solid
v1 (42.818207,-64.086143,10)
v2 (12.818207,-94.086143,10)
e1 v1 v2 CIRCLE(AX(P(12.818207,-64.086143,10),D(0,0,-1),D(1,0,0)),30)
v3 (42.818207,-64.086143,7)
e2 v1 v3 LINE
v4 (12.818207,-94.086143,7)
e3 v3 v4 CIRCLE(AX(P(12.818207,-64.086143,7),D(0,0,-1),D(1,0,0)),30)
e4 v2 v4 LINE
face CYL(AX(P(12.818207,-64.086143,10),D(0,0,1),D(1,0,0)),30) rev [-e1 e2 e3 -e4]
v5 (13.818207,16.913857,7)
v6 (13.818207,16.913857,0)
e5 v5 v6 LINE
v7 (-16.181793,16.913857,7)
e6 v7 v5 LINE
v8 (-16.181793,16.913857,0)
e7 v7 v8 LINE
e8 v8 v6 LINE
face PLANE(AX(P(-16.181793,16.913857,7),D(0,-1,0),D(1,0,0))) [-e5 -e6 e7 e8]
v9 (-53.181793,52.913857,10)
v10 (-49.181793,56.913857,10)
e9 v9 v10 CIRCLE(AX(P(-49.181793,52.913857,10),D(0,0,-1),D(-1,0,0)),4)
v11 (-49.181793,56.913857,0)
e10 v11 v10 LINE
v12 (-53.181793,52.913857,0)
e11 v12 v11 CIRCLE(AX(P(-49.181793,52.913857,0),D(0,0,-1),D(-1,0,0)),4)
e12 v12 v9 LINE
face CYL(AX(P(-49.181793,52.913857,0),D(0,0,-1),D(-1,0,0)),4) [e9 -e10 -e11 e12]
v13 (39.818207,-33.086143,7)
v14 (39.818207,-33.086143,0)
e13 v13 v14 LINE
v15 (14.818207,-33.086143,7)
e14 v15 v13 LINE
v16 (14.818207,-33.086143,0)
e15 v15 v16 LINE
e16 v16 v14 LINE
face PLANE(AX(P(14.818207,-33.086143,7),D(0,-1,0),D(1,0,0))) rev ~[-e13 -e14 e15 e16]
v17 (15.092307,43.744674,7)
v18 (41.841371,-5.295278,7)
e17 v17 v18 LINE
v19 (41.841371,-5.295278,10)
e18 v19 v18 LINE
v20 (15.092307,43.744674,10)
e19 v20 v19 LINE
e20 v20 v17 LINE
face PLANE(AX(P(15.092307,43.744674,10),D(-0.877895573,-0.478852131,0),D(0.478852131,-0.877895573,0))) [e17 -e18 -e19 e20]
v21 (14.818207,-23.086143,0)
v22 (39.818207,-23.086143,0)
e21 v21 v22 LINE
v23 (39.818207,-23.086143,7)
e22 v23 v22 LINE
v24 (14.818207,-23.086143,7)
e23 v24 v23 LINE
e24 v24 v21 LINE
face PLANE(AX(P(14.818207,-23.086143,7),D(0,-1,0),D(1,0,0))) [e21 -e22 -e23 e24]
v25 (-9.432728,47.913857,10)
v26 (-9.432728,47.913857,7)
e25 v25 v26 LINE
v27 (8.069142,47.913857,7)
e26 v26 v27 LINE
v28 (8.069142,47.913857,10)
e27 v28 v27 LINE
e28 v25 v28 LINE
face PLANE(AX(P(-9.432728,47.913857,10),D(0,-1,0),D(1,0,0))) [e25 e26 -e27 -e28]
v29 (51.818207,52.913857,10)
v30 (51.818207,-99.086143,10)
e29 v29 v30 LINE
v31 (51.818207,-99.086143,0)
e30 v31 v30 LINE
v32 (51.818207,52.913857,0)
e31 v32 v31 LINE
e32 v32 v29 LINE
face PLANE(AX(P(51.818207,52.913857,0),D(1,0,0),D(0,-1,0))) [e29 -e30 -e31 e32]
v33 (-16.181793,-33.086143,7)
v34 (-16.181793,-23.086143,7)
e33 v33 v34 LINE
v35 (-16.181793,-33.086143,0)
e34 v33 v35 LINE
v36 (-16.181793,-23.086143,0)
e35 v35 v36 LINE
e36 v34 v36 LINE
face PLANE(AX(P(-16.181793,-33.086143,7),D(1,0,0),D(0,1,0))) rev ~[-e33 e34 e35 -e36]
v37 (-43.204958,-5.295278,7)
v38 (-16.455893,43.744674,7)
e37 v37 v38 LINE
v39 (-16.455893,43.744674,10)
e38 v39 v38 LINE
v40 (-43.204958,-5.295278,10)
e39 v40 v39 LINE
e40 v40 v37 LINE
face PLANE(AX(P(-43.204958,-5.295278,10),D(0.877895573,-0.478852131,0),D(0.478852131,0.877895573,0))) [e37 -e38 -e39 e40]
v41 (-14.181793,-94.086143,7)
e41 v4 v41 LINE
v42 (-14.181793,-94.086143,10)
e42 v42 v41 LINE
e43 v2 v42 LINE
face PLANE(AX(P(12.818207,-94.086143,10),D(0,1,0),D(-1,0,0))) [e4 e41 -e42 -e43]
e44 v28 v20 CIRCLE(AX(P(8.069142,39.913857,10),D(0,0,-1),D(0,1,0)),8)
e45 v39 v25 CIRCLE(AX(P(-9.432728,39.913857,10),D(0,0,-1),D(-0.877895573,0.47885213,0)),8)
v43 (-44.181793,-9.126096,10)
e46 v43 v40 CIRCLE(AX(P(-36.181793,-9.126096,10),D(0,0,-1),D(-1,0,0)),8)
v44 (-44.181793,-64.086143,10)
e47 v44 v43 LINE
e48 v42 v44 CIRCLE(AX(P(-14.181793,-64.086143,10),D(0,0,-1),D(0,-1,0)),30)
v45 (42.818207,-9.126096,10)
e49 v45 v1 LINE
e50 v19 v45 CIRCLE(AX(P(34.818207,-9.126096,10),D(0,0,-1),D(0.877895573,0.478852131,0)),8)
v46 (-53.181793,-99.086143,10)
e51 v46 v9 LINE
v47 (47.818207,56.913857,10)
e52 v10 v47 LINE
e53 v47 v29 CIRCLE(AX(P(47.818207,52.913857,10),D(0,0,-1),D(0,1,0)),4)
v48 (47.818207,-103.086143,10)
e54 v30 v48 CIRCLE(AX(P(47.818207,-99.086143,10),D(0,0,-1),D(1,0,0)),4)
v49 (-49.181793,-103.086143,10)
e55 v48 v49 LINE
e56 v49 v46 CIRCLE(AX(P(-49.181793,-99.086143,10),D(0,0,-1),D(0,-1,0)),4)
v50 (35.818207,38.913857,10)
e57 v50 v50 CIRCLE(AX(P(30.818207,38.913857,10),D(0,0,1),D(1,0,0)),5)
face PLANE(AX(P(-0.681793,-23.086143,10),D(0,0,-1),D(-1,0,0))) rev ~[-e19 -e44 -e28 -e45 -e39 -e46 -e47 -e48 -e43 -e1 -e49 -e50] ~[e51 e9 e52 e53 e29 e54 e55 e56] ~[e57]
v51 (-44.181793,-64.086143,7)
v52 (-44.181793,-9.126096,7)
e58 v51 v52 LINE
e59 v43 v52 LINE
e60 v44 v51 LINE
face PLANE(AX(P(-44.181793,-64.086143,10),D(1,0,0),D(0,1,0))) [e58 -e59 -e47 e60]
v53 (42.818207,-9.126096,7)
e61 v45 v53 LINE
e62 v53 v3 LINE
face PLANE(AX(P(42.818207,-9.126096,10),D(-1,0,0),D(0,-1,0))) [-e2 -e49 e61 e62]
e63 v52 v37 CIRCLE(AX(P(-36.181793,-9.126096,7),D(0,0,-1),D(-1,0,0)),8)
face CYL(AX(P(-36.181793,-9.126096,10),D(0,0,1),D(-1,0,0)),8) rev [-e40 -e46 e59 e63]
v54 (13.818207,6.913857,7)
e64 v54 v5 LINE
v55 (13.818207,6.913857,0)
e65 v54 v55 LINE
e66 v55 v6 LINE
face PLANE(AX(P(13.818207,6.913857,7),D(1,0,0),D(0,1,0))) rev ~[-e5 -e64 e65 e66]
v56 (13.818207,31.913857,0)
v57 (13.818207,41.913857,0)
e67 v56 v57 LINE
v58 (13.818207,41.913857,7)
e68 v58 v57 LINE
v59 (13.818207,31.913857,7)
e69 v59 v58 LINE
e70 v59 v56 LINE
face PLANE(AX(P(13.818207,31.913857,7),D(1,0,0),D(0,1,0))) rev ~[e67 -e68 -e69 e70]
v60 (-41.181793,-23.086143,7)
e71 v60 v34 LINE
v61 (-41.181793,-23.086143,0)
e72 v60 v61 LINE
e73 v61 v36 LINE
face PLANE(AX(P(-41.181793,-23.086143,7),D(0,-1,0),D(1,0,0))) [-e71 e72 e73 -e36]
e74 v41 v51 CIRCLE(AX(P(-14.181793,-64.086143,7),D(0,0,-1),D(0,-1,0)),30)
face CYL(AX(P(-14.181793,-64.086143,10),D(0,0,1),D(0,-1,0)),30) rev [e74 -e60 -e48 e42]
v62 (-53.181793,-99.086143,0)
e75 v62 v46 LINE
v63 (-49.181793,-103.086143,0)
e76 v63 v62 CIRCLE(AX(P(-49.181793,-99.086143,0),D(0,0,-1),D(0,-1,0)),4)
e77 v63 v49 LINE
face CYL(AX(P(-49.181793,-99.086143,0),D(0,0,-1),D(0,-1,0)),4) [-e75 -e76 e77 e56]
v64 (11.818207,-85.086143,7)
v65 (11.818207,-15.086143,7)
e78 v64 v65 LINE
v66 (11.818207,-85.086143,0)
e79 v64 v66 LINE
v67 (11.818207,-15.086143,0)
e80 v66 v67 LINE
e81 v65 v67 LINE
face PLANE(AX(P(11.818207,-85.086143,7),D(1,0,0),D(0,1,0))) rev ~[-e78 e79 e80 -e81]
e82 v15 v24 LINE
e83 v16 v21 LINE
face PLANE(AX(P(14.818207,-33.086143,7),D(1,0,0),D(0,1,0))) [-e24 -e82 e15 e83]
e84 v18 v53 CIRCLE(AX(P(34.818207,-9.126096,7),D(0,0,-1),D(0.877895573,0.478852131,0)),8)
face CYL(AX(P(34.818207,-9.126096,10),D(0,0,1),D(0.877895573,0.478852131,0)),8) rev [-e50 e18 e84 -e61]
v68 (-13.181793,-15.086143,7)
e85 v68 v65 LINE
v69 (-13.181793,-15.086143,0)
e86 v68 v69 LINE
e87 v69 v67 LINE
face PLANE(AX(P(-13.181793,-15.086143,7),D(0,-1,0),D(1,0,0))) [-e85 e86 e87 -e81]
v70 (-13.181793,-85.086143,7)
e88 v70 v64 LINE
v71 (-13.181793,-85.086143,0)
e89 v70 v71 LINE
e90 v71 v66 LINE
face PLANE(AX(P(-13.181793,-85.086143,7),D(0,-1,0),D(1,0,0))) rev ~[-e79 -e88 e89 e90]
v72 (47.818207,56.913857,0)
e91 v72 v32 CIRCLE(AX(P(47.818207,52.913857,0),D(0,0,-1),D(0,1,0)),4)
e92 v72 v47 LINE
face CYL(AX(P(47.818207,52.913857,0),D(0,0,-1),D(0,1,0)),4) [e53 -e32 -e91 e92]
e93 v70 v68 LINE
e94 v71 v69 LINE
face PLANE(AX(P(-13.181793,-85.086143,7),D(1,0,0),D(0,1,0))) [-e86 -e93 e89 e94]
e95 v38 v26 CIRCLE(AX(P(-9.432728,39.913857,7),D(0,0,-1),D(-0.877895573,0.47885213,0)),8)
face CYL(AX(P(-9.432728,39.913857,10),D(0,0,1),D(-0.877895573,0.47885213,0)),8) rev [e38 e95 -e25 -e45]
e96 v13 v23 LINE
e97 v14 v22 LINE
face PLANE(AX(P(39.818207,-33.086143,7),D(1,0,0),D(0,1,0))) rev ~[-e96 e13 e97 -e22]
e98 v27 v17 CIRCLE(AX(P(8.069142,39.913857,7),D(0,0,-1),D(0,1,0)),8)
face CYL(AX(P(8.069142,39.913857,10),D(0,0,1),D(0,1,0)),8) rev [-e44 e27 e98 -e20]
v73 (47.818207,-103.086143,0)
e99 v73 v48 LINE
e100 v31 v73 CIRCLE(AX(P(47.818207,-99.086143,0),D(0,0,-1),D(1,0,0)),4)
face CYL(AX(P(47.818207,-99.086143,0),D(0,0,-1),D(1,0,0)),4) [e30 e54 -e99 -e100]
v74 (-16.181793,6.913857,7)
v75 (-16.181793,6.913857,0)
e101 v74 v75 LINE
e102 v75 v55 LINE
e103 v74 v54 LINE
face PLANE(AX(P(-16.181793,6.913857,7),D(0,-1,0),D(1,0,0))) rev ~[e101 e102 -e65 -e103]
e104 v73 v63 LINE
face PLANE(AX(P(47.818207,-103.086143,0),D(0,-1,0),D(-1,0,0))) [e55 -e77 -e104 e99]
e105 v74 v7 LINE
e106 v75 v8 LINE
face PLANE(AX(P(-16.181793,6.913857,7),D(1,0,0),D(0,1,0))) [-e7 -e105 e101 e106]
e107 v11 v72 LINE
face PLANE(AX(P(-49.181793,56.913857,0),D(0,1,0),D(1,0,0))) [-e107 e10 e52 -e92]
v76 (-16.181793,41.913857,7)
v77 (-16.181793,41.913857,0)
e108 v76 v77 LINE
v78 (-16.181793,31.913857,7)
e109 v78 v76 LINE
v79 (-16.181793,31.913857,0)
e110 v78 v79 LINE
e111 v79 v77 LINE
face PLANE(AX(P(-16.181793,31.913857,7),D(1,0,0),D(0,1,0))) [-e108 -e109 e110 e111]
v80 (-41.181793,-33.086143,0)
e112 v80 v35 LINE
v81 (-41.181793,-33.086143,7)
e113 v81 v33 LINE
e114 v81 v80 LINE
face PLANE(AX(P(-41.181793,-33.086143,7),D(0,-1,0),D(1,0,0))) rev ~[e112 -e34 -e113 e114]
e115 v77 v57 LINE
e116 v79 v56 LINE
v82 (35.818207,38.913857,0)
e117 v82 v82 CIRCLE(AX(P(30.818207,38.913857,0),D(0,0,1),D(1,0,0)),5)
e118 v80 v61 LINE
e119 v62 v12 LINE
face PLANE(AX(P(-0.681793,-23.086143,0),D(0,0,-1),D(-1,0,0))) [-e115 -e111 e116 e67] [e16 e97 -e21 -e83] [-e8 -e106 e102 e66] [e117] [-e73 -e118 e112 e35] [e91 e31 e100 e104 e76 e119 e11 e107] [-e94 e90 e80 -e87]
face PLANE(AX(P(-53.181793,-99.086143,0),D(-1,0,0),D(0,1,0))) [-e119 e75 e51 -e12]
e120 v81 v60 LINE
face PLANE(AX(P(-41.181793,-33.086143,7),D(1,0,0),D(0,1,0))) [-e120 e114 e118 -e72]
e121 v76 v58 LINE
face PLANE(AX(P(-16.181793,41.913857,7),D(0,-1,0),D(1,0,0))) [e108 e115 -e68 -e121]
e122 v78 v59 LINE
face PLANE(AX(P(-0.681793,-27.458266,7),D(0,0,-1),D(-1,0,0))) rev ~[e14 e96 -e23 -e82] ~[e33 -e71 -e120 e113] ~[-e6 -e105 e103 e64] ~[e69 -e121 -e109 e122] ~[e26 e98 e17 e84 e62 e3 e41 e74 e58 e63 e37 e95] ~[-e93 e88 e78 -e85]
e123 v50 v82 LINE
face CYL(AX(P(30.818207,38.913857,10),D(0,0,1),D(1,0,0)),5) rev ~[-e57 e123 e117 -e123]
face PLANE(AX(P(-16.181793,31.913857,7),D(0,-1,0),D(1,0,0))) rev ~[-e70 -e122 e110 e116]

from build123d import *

# Parameters (mm, degrees)
BOSS_EXTRUDE1_DEPTH = 10
CUT_EXTRUDE1_DEPTH  = 3
SKETCH4_W           = 30
SKETCH4_H           = 10
SKETCH4_W_2         = 25
SKETCH4_H_2         = 70
CUT_EXTRUDE3_DEPTH  = 7
SKETCH5_R           = 5
CUT_EXTRUDE4_DEPTH  = 10


with BuildPart() as part:
    # Sketch1 → Boss-Extrude1 (new body)
    with BuildSketch(Plane.XY):
        with BuildLine():
            Line((-49.181793273, 56.913856582), (47.818206727, 56.913856582))
            ThreePointArc((47.818206727, 56.913856582), (50.646633852, 55.742283706), (51.818206727, 52.913856582))
            Line((51.818206727, 52.913856582), (51.818206727, -99.086143418))
            ThreePointArc((51.818206727, -99.086143418), (50.646633852, -101.914570543), (47.818206727, -103.086143418))
            Line((47.818206727, -103.086143418), (-49.181793273, -103.086143418))
            ThreePointArc((-49.181793273, -103.086143418), (-52.010220398, -101.914570543), (-53.181793273, -99.086143418))
            Line((-53.181793273, -99.086143418), (-53.181793273, 52.913856582))
            ThreePointArc((-53.181793273, 52.913856582), (-52.010220398, 55.742283706), (-49.181793273, 56.913856582))
        make_face()
    extrude(amount=BOSS_EXTRUDE1_DEPTH)

    # Sketch3 → Cut-Extrude1 (cut)
    with BuildSketch(Plane.XY.offset(10)):
        with BuildLine():
            Line((-9.432728483, 47.913856582), (8.069141937, 47.913856582))
            ThreePointArc((8.069141937, 47.913856582), (12.15285738, 46.793047536), (15.09230652, 43.744673627))
            Line((15.09230652, 43.744673627), (41.84137131, -5.295278488))
            ThreePointArc((41.84137131, -5.295278488), (42.570152182, -7.149395843), (42.818206727, -9.126095533))
            Line((42.818206727, -9.126095533), (42.818206727, -64.086143418))
            ThreePointArc((42.818206727, -64.086143418), (34.031410163, -85.299346854), (12.818206727, -94.086143418))
            Line((12.818206727, -94.086143418), (-14.181793273, -94.086143418))
            ThreePointArc((-14.181793273, -94.086143418), (-35.394996709, -85.299346854), (-44.181793273, -64.086143418))
            Line((-44.181793273, -64.086143418), (-44.181793273, -9.126095533))
            ThreePointArc((-44.181793273, -9.126095533), (-43.933738728, -7.149395843), (-43.204957856, -5.295278488))
            Line((-43.204957856, -5.295278488), (-16.455893066, 43.744673627))
            ThreePointArc((-16.455893066, 43.744673627), (-13.516443926, 46.793047536), (-9.432728483, 47.913856582))
        make_face()
    extrude(amount=-CUT_EXTRUDE1_DEPTH, mode=Mode.SUBTRACT)

    # Sketch4 → Cut-Extrude3 (cut)
    with BuildSketch(Plane.XY.offset(7)):
        with Locations((-1.181793273, 36.913856582)):
            Rectangle(SKETCH4_W, SKETCH4_H)
        with Locations((-1.181793273, 11.913856582)):
            Rectangle(SKETCH4_W, SKETCH4_H)
        with Locations((-28.681793273, -28.086143418)):
            Rectangle(SKETCH4_W_2, SKETCH4_H)
        with Locations((27.318206727, -28.086143418)):
            Rectangle(SKETCH4_W_2, SKETCH4_H)
        with Locations((-0.681793273, -50.086143418)):
            Rectangle(SKETCH4_W_2, SKETCH4_H_2)
    extrude(amount=-CUT_EXTRUDE3_DEPTH, mode=Mode.SUBTRACT)

    # Sketch5 → Cut-Extrude4 (cut)
    with BuildSketch(Plane.XY.offset(10)):
        with Locations((30.818206727, 38.913856582)):
            Circle(SKETCH5_R)
    extrude(amount=-CUT_EXTRUDE4_DEPTH, mode=Mode.SUBTRACT)


solid = part.part
